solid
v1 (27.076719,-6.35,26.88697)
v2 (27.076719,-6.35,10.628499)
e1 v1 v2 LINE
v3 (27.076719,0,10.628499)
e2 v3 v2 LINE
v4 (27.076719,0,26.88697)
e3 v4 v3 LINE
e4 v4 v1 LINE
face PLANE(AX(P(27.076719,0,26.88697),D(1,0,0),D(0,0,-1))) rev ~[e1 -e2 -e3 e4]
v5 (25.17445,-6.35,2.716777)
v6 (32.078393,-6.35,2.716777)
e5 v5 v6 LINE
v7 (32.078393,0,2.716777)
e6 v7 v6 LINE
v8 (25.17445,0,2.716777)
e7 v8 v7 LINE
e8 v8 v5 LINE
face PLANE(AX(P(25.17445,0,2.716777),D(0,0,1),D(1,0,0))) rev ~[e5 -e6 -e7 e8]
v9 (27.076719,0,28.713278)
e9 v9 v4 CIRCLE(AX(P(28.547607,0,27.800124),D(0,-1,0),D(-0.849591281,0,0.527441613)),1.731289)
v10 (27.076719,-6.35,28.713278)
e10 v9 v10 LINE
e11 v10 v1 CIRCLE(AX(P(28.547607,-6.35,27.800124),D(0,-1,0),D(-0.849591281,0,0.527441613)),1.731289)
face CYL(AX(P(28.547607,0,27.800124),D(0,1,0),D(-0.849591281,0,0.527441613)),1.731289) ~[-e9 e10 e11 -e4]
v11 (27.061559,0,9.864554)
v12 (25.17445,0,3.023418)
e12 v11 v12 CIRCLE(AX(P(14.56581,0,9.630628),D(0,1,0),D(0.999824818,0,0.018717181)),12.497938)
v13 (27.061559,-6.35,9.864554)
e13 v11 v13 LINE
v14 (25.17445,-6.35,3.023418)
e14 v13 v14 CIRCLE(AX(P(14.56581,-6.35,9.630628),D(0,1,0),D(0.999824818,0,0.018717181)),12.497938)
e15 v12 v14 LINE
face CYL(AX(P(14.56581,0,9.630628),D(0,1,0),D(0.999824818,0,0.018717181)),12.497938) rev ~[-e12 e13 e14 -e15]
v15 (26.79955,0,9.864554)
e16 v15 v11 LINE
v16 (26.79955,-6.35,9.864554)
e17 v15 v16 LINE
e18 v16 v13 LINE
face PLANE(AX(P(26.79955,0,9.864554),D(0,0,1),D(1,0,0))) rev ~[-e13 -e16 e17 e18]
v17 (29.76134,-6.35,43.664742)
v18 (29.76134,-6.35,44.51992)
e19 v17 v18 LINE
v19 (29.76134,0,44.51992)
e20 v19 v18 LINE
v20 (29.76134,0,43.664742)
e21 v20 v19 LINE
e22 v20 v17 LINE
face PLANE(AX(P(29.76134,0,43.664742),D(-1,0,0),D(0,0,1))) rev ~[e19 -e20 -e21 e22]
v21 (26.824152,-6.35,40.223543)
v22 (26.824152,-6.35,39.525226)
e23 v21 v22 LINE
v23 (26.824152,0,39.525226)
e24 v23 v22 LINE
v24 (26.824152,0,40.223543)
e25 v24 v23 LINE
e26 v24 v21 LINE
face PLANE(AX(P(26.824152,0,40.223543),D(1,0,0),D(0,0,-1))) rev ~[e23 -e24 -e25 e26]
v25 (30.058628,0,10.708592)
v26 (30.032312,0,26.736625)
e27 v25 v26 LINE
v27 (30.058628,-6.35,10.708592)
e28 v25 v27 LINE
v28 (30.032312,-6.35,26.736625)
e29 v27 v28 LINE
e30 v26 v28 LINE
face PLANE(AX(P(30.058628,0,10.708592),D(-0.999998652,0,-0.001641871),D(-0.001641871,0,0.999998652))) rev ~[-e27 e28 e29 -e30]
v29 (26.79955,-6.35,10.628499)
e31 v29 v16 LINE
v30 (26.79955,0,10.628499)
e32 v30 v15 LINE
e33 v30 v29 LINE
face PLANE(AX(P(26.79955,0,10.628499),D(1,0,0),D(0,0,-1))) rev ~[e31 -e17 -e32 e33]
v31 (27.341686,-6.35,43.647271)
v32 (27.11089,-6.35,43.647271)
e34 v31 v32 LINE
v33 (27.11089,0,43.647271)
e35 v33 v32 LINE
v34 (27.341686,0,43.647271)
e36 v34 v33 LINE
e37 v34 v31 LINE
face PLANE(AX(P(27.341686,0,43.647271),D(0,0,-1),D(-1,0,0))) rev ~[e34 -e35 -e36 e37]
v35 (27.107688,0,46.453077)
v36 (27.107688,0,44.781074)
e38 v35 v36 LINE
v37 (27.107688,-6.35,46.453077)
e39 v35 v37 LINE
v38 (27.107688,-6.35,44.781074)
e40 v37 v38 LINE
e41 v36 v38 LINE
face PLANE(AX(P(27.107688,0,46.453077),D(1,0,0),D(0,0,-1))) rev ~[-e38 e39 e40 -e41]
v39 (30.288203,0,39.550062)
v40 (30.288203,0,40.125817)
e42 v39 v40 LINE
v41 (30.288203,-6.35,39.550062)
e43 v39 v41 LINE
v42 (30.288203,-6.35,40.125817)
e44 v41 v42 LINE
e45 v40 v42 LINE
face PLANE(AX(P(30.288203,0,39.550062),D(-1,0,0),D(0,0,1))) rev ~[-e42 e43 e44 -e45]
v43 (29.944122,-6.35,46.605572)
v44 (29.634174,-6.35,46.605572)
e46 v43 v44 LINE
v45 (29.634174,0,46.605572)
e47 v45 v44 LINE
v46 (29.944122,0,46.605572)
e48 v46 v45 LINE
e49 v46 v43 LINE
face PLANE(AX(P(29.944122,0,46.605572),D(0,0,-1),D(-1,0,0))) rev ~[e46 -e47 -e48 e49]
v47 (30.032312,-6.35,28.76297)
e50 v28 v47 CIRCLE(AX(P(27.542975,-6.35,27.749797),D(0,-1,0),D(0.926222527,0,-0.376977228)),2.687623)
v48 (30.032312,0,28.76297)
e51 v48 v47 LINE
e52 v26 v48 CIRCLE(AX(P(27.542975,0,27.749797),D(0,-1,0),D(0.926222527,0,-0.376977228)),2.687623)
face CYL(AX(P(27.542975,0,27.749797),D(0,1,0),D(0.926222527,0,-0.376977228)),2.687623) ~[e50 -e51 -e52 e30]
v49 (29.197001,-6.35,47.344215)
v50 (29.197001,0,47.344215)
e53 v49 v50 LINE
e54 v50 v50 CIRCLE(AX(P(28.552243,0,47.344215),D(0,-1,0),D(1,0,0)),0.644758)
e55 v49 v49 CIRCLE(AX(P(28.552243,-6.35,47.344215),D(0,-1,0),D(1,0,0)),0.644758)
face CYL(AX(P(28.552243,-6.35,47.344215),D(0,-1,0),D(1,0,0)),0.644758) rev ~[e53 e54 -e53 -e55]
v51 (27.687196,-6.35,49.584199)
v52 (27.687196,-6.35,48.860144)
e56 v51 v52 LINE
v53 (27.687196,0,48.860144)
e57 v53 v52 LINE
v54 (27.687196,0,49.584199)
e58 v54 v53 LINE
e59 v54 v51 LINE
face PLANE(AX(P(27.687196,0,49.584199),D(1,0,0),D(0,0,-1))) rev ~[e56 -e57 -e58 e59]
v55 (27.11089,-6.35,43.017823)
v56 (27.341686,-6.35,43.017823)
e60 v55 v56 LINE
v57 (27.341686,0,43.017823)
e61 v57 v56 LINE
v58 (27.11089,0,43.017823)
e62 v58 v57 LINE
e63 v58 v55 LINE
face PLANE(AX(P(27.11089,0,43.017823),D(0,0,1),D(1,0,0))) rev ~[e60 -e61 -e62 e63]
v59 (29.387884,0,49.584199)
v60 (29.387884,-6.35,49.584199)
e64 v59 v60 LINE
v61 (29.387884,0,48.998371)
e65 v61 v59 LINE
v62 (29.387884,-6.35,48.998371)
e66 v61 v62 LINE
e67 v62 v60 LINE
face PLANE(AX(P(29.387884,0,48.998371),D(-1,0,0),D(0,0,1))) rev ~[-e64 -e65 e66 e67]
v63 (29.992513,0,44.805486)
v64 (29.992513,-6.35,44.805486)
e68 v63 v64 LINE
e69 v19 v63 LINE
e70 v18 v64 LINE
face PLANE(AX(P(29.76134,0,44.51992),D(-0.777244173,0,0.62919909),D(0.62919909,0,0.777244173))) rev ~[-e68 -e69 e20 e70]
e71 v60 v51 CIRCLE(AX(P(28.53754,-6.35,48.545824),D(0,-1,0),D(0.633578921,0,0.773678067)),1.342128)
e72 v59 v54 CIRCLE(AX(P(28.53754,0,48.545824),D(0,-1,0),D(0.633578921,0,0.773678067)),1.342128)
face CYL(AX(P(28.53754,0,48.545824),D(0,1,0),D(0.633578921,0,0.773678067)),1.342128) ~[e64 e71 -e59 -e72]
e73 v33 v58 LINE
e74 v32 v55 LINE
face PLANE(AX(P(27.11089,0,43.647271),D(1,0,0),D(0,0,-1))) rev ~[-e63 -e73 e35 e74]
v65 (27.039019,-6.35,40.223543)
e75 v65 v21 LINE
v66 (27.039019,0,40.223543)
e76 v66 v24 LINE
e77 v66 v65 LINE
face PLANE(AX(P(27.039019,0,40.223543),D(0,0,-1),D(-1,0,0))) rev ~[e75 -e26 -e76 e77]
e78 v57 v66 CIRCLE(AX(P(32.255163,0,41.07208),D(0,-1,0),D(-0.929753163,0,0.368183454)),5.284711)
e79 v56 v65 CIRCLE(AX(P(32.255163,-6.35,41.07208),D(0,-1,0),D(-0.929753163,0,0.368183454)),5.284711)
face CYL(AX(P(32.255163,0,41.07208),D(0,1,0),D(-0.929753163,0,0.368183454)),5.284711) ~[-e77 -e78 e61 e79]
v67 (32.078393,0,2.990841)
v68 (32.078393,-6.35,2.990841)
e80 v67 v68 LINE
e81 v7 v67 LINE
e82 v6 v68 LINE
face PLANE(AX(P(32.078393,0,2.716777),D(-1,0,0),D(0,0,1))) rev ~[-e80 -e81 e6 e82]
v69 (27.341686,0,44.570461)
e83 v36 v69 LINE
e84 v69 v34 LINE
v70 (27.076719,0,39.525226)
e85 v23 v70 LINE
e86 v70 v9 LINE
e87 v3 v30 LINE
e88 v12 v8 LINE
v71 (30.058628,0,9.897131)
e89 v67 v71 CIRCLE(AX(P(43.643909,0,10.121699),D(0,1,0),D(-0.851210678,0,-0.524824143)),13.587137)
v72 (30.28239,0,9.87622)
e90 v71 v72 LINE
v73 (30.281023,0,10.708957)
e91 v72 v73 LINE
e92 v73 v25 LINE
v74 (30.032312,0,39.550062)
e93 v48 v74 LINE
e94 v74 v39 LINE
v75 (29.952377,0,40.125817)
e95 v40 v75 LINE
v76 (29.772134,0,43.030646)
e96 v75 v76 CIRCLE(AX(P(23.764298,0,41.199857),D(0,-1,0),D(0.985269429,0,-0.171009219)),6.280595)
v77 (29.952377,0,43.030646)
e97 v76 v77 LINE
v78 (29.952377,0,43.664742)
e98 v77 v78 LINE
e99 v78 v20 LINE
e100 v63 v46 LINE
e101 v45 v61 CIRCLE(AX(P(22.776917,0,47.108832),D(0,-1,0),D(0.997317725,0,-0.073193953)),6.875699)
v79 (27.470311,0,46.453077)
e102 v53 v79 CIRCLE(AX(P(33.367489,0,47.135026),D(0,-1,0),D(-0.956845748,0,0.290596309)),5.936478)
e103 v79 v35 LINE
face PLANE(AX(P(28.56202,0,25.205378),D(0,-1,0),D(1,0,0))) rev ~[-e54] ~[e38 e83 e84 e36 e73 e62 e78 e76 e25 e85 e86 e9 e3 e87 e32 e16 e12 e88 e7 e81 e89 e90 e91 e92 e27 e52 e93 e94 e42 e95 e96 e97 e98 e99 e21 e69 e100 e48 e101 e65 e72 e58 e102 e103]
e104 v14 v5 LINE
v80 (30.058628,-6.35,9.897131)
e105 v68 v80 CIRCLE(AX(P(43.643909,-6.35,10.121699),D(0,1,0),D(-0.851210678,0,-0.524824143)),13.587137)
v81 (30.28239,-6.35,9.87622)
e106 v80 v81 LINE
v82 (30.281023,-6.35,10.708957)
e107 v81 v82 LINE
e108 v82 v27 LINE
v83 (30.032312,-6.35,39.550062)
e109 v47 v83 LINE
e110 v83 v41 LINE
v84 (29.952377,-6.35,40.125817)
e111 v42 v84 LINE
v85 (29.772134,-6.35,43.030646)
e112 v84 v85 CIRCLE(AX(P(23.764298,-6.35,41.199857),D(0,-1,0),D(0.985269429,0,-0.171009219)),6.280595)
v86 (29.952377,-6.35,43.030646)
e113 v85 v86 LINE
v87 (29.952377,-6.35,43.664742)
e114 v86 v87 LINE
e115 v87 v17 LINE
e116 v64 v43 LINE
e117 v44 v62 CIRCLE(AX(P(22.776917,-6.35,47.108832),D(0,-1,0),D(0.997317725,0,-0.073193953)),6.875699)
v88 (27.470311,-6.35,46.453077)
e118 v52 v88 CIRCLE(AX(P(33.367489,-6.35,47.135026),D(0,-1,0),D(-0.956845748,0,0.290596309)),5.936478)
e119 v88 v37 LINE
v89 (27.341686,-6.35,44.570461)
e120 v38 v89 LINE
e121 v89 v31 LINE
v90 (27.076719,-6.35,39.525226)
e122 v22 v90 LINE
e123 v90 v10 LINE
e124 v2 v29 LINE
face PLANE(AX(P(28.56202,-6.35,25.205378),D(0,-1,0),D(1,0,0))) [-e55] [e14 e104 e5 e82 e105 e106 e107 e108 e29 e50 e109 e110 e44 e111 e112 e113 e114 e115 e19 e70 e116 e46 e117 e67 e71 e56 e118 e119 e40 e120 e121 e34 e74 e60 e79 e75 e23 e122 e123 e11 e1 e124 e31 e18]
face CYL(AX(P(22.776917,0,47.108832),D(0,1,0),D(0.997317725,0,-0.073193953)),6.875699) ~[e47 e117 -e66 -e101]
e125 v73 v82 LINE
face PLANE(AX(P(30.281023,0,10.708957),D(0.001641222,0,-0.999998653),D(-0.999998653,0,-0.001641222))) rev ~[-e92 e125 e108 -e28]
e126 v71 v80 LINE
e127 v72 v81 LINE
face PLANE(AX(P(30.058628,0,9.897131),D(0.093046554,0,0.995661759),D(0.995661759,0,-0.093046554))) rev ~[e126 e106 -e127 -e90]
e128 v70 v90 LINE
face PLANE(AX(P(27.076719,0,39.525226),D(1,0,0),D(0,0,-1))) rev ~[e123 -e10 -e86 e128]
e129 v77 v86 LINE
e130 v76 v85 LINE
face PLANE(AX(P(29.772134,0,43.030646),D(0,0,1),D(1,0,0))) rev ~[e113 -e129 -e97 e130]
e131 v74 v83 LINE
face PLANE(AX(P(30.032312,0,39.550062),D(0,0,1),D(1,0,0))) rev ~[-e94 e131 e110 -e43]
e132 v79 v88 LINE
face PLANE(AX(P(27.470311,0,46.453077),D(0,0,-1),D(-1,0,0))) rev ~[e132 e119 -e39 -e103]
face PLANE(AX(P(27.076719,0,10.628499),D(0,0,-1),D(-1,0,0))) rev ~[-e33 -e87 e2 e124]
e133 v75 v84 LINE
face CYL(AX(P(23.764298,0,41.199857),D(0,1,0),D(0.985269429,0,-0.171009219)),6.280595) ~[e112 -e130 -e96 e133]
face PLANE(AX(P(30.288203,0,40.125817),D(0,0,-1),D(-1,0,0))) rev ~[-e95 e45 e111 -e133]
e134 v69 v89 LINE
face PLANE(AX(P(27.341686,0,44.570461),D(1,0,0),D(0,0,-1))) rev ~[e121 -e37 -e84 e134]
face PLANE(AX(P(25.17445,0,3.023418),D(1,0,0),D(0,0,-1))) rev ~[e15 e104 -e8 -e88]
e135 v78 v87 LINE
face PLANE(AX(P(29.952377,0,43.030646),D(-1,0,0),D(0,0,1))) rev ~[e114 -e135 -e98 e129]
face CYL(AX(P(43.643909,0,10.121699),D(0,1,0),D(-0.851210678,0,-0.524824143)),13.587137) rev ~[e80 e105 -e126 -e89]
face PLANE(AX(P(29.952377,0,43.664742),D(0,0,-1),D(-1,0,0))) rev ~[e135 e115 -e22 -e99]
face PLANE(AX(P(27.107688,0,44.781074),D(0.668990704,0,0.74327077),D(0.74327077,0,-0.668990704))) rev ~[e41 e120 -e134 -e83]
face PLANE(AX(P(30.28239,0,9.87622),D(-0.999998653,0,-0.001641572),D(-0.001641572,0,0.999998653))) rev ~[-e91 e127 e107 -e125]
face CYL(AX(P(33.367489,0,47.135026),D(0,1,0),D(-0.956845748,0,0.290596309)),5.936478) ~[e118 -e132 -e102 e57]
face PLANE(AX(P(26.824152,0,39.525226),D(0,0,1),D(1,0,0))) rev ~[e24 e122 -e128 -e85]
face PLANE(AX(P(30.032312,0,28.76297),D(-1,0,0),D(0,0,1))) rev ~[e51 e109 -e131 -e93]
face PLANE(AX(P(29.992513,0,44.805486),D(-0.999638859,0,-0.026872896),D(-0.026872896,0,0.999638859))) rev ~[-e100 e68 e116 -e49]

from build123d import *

# Parameters (mm, degrees)
F1_DEPTH = 6.35
F2_R     = 0.644758
F3_DEPTH = 25.4


with BuildPart() as f1:
    # F0 (on Front) → F1 (new body)
    with BuildSketch(Plane.XZ):
        with BuildLine():
            Line((25.17445, 3.023418), (25.17445, 2.716777))
            Line((25.17445, 2.716777), (32.078393, 2.716777))
            Line((32.078393, 2.716777), (32.078393, 2.990841))
            ThreePointArc((32.078393, 2.990841), (30.603017, 6.307852), (30.058628, 9.897131))
            Line((30.058628, 9.897131), (30.28239, 9.87622))
            Line((30.28239, 9.87622), (30.281023, 10.708957))
            Line((30.281023, 10.708957), (30.058628, 10.708592))
            Line((30.058628, 10.708592), (30.032312, 26.736625))
            ThreePointArc((30.032312, 26.736625), (30.230598, 27.749797), (30.032312, 28.76297))
            Line((30.032312, 28.76297), (30.032312, 39.550062))
            Line((30.032312, 39.550062), (30.288203, 39.550062))
            Line((30.288203, 39.550062), (30.288203, 40.125817))
            Line((30.288203, 40.125817), (29.952377, 40.125817))
            ThreePointArc((29.952377, 40.125817), (30.032838, 41.588816), (29.772134, 43.030646))
            Line((29.772134, 43.030646), (29.952377, 43.030646))
            Line((29.952377, 43.030646), (29.952377, 43.664742))
            Line((29.952377, 43.664742), (29.76134, 43.664742))
            Line((29.76134, 43.664742), (29.76134, 44.51992))
            Line((29.76134, 44.51992), (29.992513, 44.805486))
            Line((29.992513, 44.805486), (29.944122, 46.605572))
            Line((29.944122, 46.605572), (29.634174, 46.605572))
            ThreePointArc((29.634174, 46.605572), (29.616481, 47.812826), (29.387884, 48.998371))
            Line((29.387884, 48.998371), (29.387884, 49.584199))
            ThreePointArc((29.387884, 49.584199), (28.53754, 49.887952), (27.687196, 49.584199))
            Line((27.687196, 49.584199), (27.687196, 48.860144))
            ThreePointArc((27.687196, 48.860144), (27.454964, 47.667764), (27.470311, 46.453077))
            Line((27.470311, 46.453077), (27.107688, 46.453077))
            Line((27.107688, 46.453077), (27.107688, 44.781074))
            Line((27.107688, 44.781074), (27.341686, 44.570461))
            Line((27.341686, 44.570461), (27.341686, 43.647271))
            Line((27.341686, 43.647271), (27.11089, 43.647271))
            Line((27.11089, 43.647271), (27.11089, 43.017823))
            Line((27.11089, 43.017823), (27.341686, 43.017823))
            ThreePointArc((27.341686, 43.017823), (27.001183, 41.641173), (27.039019, 40.223543))
            Line((27.039019, 40.223543), (26.824152, 40.223543))
            Line((26.824152, 40.223543), (26.824152, 39.525226))
            Line((26.824152, 39.525226), (27.076719, 39.525226))
            Line((27.076719, 39.525226), (27.076719, 28.713278))
            ThreePointArc((27.076719, 28.713278), (26.816318, 27.800124), (27.076719, 26.88697))
            Line((27.076719, 26.88697), (27.076719, 17.01922))
            Line((27.076719, 17.01922), (27.076719, 10.628499))
            Line((27.076719, 10.628499), (26.79955, 10.628499))
            Line((26.79955, 10.628499), (26.79955, 9.864554))
            Line((26.79955, 9.864554), (27.061559, 9.864554))
            ThreePointArc((27.061559, 9.864554), (26.613776, 6.307229), (25.17445, 3.023418))
        make_face()
    extrude(amount=F1_DEPTH)

    # F2 (on face) → F3 (cut)
    with BuildSketch(Plane.XZ.offset(6.35)):
        with Locations((28.552243, 47.344215)):
            Circle(F2_R)
    extrude(amount=-F3_DEPTH, mode=Mode.SUBTRACT)


solid = f1.part
